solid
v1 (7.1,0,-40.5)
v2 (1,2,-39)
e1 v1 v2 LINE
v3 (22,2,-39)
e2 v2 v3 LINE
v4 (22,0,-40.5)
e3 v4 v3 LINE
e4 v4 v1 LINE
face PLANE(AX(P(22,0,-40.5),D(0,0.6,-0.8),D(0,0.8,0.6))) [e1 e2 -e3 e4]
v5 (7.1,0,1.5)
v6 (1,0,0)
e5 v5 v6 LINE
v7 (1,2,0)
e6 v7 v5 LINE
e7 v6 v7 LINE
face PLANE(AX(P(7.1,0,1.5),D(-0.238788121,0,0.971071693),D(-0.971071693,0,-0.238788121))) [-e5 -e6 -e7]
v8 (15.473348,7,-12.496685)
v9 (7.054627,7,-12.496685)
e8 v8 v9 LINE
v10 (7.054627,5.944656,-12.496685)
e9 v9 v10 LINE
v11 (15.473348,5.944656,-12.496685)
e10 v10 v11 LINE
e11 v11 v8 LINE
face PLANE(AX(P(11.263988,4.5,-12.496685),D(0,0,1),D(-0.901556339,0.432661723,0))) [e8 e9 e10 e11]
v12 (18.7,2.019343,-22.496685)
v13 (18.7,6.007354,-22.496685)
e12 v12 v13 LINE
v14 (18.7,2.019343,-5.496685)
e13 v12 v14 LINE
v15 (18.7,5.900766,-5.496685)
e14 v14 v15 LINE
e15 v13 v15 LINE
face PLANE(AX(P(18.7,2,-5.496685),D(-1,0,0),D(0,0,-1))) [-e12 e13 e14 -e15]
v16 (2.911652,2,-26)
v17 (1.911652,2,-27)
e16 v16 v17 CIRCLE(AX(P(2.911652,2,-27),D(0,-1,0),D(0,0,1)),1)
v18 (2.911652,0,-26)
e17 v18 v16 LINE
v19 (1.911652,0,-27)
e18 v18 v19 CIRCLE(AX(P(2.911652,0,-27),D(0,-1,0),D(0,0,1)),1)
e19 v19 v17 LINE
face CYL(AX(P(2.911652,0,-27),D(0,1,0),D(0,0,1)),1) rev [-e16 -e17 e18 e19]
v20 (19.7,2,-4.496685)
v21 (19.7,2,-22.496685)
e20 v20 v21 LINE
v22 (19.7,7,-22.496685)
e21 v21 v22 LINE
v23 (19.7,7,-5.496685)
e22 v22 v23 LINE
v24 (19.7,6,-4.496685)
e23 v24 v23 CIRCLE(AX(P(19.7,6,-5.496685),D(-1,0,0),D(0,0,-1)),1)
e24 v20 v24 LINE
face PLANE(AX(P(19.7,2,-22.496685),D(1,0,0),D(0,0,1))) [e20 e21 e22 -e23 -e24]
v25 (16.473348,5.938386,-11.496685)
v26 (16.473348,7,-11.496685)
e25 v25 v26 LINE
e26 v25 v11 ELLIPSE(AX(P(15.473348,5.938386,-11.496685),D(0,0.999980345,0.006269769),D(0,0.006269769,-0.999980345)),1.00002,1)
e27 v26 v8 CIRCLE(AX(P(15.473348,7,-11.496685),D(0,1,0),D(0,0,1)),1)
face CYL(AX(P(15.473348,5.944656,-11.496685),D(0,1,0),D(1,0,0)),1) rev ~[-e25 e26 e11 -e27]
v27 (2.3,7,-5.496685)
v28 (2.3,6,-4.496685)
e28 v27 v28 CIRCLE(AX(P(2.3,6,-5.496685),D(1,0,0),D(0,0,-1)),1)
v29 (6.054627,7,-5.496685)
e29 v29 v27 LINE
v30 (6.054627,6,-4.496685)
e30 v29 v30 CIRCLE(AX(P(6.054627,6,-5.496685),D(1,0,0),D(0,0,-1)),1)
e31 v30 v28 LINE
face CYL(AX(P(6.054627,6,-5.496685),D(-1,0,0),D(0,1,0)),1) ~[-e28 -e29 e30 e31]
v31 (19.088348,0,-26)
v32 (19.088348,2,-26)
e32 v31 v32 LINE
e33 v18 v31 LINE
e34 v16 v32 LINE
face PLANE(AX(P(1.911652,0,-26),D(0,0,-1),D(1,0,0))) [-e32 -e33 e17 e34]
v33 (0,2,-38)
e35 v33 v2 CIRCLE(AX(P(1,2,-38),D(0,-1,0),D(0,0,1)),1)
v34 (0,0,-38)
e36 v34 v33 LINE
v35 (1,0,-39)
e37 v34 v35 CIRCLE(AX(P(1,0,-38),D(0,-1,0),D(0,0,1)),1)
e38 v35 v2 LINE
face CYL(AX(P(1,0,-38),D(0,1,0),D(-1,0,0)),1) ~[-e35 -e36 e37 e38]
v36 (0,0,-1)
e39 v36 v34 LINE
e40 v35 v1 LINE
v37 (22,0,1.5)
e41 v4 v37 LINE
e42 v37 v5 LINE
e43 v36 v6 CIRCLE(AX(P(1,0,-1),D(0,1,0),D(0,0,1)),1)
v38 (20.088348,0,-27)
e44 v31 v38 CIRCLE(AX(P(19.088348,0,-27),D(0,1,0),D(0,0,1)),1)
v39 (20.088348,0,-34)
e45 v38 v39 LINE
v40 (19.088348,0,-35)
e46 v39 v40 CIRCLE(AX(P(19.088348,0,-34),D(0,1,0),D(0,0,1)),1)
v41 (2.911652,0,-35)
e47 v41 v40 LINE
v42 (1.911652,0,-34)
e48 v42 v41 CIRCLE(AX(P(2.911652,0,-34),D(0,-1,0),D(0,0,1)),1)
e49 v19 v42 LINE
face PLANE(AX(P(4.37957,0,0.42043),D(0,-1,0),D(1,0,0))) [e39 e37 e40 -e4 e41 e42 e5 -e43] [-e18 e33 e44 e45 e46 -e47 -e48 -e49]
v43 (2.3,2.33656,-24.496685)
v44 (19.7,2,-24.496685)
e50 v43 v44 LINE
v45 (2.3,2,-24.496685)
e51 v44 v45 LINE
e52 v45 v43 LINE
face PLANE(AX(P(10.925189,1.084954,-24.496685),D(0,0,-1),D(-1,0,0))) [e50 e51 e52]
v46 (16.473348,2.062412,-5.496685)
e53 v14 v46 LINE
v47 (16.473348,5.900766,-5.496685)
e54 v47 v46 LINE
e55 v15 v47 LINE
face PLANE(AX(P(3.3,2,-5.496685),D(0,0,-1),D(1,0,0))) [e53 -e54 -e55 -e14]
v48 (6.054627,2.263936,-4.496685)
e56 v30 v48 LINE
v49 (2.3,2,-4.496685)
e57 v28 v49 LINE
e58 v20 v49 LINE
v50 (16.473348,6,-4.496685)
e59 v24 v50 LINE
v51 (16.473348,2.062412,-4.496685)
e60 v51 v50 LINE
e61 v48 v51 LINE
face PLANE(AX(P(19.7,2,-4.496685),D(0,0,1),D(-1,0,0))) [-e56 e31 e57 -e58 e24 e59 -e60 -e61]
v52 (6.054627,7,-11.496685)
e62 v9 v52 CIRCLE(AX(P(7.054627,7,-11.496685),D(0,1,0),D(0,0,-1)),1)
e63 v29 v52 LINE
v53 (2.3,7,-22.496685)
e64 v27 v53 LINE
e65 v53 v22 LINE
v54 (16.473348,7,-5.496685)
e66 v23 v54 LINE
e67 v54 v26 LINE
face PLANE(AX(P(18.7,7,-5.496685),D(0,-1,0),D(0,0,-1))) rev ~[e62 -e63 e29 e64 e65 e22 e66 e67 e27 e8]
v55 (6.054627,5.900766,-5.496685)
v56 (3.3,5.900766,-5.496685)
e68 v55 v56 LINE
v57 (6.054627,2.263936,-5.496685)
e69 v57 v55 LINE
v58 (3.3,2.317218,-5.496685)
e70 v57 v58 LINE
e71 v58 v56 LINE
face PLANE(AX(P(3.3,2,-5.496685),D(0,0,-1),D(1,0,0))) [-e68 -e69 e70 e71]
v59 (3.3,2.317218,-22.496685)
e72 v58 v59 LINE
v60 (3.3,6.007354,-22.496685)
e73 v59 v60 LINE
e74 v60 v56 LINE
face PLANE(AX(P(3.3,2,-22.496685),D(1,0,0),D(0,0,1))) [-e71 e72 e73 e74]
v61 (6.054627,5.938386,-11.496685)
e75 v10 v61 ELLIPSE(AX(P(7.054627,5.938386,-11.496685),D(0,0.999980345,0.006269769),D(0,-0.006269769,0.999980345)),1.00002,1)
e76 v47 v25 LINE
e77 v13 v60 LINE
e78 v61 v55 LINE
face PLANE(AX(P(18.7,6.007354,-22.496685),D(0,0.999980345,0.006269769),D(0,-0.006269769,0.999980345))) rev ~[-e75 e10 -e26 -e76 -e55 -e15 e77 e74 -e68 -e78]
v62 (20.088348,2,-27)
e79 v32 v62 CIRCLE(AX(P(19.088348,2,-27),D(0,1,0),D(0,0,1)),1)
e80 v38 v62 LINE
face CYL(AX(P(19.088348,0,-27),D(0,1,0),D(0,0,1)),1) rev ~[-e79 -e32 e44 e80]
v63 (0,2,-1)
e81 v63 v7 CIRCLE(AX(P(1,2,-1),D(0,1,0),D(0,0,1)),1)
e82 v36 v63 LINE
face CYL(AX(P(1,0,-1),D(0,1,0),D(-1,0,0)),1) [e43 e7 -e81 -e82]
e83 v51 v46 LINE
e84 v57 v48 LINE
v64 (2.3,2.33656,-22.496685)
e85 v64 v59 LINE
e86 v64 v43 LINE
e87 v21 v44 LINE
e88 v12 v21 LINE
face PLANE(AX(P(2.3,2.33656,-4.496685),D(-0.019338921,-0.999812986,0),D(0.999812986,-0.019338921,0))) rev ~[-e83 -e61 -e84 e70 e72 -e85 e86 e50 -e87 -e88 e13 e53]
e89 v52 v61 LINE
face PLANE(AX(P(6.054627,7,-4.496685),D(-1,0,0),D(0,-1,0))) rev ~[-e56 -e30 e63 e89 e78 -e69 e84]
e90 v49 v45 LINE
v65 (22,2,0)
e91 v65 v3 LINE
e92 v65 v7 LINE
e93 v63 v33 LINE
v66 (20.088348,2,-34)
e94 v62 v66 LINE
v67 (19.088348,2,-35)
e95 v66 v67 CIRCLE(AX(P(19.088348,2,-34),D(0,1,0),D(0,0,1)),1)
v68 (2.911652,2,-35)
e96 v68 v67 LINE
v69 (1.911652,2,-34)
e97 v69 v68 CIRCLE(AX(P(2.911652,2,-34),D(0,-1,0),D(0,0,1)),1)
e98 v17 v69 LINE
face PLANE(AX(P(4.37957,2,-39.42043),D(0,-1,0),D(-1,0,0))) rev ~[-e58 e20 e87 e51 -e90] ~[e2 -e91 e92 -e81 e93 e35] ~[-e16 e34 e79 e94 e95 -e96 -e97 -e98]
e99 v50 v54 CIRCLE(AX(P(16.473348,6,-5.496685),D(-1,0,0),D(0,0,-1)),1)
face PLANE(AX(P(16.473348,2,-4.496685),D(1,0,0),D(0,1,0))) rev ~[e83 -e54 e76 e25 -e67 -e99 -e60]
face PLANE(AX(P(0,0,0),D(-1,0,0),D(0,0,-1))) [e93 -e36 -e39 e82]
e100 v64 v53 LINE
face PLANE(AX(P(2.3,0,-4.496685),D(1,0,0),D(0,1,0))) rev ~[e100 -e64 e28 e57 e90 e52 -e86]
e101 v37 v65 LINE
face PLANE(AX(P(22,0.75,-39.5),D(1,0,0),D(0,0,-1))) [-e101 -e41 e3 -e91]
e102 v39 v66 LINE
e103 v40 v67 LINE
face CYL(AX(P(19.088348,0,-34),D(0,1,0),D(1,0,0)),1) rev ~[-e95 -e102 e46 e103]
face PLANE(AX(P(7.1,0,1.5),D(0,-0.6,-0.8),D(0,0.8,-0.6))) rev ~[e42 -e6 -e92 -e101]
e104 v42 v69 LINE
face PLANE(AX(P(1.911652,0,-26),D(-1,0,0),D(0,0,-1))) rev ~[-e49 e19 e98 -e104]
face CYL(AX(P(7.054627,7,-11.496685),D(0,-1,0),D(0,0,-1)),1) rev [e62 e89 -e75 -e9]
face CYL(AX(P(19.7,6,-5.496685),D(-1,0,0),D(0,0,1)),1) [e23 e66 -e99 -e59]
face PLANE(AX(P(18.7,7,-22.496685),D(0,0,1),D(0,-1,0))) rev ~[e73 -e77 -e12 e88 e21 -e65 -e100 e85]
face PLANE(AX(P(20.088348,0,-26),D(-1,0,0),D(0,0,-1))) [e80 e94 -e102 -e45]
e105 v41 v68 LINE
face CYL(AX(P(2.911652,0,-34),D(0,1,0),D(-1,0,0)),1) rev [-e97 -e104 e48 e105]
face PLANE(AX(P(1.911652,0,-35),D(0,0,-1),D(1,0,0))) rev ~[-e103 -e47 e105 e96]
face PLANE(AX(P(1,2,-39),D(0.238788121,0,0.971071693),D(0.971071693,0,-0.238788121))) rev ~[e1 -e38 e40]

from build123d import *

# Parameters (mm, degrees)
CROQUIS1_W              = 22
CROQUIS1_H              = 39
CROQUIS1_W_2            = 18.17669517928964
CROQUIS1_H_2            = 8.999999999999996
SALIENTE_EXTRUIR1_DEPTH = 2
REDONDEO1_R             = 1
REDONDEO2_R             = 1
SALIENTE_EXTRUIR2_DEPTH = 5
SALIENTE_EXTRUIR4_DEPTH = 15.4
CORTAR_EXTRUIR2_DEPTH   = 8
REDONDEO3_R             = 1
SALIENTE_EXTRUIR5_DEPTH = 20.000000000000004
SALIENTE_EXTRUIR6_DEPTH = 14.9
SALIENTE_EXTRUIR7_DEPTH = 14.9
SALIENTE_EXTRUIR8_DEPTH = 2
CORTAR_EXTRUIR3_DEPTH   = 7
SALIENTE_EXTRUIR9_DEPTH = 2
CORTAR_EXTRUIR4_DEPTH   = 8


with BuildPart() as part:
    # Croquis1 → Saliente-Extruir1 (new body)
    with BuildSketch(Plane(origin=(0, 0, 0), x_dir=(1, 0, 0), z_dir=(0, 1, 0))):
        with Locations((11, 19.5)):
            Rectangle(CROQUIS1_W, CROQUIS1_H)
        with Locations((11.000000000000002, 30.5)):
            Rectangle(CROQUIS1_W_2, CROQUIS1_H_2, mode=Mode.SUBTRACT)
        Polygon((2.2999999999999914, 4.496684869244013), (19.7, 4.496684869244013), (19.7, 22.496684869244014), (18.7, 22.496684869244014), (18.7, 5.496684869244012), (3.299999999999997, 5.496684869244012), (3.299999999999997, 22.49668486924401), (2.2999999999999914, 22.49668486924401), align=None, mode=Mode.SUBTRACT)
    extrude(amount=SALIENTE_EXTRUIR1_DEPTH)

    # Redondeo1
    redondeo1_edges = [part.edges().sort_by_distance(p)[0] for p in [
        (0, 1, -39),
        (0, 1, 0),
    ]]
    fillet(redondeo1_edges, radius=REDONDEO1_R)

    # Redondeo2
    redondeo2_edges = [part.edges().sort_by_distance(p)[0] for p in [
        (1.9116524103551802, 1, -35),
        (1.9116524103551802, 1, -26.000000000000004),
        (20.088347589644822, 1, -26.000000000000004),
        (20.088347589644822, 1, -35),
    ]]
    fillet(redondeo2_edges, radius=REDONDEO2_R)



with BuildPart() as body_2:
    # Croquis8 → Saliente-Extruir2 (new body)
    with BuildSketch(Plane(origin=(0, 2, 0), x_dir=(1, 0, 0), z_dir=(0, 1, 0))):
        Polygon((2.2999999999999914, 22.49668486924401), (3.299999999999997, 22.49668486924401), (3.299999999999997, 5.496684869244012), (18.7, 5.496684869244012), (18.7, 22.496684869244014), (19.7, 22.496684869244014), (19.7, 4.496684869244013), (2.2999999999999914, 4.496684869244013), align=None)
    extrude(amount=SALIENTE_EXTRUIR2_DEPTH)

    # Croquis3D1 → Saliente-Extruir4 (add)
    with BuildSketch(Plane(origin=(18.7, 6.007354442998164, -22.496684869244014), x_dir=(0, 0.058291627055225136, 0.9982995974231657), z_dir=(1, 0, 0))):
        Polygon((0, 0), (16.964879958528087, 1.097364583913252), (17.028956080800597, 0), (0.05786292460677727, -0.9909576599388273), align=None)
    extrude(amount=-SALIENTE_EXTRUIR4_DEPTH)

    # Croquis3D2 → Cortar-Extruir2 (cut)
    with BuildSketch(Plane(origin=(6.0546274348603735, 7, -4.496684869244013), x_dir=(0.9015563394045935, -0.4326617233814304, 0), z_dir=(0, 0, -1))):
        Polygon((0, 0), (2.1633086169071523, 4.507781697022968), (11.556372403185868, 0), (9.393063786278717, -4.507781697022968), align=None)
    extrude(amount=CORTAR_EXTRUIR2_DEPTH, mode=Mode.SUBTRACT)

    # Redondeo3
    redondeo3_edges = [body_2.edges().sort_by_distance(p)[0] for p in [
        (6.0546274348603735, 6.4723277606850065, -12.496684869244014),
        (16.47334823547289, 6.4723277606850065, -12.496684869244014),
        (18.086674117736443, 7, -4.496684869244013),
        (4.177313717430181, 7, -4.496684869244013),
    ]]
    fillet(redondeo3_edges, radius=REDONDEO3_R)


with BuildPart() as part_1:
    add(part.part)

    add(body_2.part)  # Saliente-Extruir5 merges body 2
    # Croquis15 → Saliente-Extruir5 (add)
    with BuildSketch(Plane(origin=(0, 0, -4.496684869244013), x_dir=(-1, 0, 0), z_dir=(0, 0, -1))):
        Polygon((-19.7, 2), (-19.7, 0), (-2.2999999999999914, 0), (-2.2999999999999914, 2.336560166952495), align=None)
    extrude(amount=SALIENTE_EXTRUIR5_DEPTH)

    # Croquis16 → Saliente-Extruir6 (add)
    with BuildSketch(Plane(origin=(22, 0, 0), x_dir=(0, 0, -1), z_dir=(1, 0, 0))):
        Polygon((0, 0), (-1.5, -1.8e-16), (0, 2), align=None)
    extrude(amount=-SALIENTE_EXTRUIR6_DEPTH)

    # Croquis17 → Saliente-Extruir7 (add)
    with BuildSketch(Plane(origin=(22, 0, 0), x_dir=(0, 0, -1), z_dir=(1, 0, 0))):
        Polygon((39, 0), (40.5, 0), (39, 2), align=None)
    extrude(amount=-SALIENTE_EXTRUIR7_DEPTH)

    # Croquis18 → Saliente-Extruir8 (add)
    with BuildSketch(Plane.XZ):
        Polygon((7.099999999999999, 1.5), (0.9999999999999966, 0), (7.099999999999999, 0), align=None)
    extrude(amount=-SALIENTE_EXTRUIR8_DEPTH)

    # Croquis20 → Cortar-Extruir3 (cut)
    with BuildSketch(Plane(origin=(7.099999999999999, 0, 0), x_dir=(0, 0, -1), z_dir=(1, 0, 0))):
        Polygon((0, 2), (-1.5, 2), (-1.5, 0), align=None)
    extrude(amount=-CORTAR_EXTRUIR3_DEPTH, mode=Mode.SUBTRACT)

    # Croquis22 → Saliente-Extruir9 (add)
    with BuildSketch(Plane(origin=(0, 2, 0), x_dir=(1, 0, 0), z_dir=(0, 1, 0))):
        Polygon((7.099999999999999, 40.5), (7.099999999999999, 39), (1, 39), align=None)
    extrude(amount=-SALIENTE_EXTRUIR9_DEPTH)

    # Croquis23 → Cortar-Extruir4 (cut)
    with BuildSketch(Plane(origin=(7.099999999999999, 0, 0), x_dir=(0, 0, -1), z_dir=(1, 0, 0))):
        Polygon((40.5, 0), (39, 2), (40.5, 2), align=None)
    extrude(amount=-CORTAR_EXTRUIR4_DEPTH, mode=Mode.SUBTRACT)


solid = part_1.part
